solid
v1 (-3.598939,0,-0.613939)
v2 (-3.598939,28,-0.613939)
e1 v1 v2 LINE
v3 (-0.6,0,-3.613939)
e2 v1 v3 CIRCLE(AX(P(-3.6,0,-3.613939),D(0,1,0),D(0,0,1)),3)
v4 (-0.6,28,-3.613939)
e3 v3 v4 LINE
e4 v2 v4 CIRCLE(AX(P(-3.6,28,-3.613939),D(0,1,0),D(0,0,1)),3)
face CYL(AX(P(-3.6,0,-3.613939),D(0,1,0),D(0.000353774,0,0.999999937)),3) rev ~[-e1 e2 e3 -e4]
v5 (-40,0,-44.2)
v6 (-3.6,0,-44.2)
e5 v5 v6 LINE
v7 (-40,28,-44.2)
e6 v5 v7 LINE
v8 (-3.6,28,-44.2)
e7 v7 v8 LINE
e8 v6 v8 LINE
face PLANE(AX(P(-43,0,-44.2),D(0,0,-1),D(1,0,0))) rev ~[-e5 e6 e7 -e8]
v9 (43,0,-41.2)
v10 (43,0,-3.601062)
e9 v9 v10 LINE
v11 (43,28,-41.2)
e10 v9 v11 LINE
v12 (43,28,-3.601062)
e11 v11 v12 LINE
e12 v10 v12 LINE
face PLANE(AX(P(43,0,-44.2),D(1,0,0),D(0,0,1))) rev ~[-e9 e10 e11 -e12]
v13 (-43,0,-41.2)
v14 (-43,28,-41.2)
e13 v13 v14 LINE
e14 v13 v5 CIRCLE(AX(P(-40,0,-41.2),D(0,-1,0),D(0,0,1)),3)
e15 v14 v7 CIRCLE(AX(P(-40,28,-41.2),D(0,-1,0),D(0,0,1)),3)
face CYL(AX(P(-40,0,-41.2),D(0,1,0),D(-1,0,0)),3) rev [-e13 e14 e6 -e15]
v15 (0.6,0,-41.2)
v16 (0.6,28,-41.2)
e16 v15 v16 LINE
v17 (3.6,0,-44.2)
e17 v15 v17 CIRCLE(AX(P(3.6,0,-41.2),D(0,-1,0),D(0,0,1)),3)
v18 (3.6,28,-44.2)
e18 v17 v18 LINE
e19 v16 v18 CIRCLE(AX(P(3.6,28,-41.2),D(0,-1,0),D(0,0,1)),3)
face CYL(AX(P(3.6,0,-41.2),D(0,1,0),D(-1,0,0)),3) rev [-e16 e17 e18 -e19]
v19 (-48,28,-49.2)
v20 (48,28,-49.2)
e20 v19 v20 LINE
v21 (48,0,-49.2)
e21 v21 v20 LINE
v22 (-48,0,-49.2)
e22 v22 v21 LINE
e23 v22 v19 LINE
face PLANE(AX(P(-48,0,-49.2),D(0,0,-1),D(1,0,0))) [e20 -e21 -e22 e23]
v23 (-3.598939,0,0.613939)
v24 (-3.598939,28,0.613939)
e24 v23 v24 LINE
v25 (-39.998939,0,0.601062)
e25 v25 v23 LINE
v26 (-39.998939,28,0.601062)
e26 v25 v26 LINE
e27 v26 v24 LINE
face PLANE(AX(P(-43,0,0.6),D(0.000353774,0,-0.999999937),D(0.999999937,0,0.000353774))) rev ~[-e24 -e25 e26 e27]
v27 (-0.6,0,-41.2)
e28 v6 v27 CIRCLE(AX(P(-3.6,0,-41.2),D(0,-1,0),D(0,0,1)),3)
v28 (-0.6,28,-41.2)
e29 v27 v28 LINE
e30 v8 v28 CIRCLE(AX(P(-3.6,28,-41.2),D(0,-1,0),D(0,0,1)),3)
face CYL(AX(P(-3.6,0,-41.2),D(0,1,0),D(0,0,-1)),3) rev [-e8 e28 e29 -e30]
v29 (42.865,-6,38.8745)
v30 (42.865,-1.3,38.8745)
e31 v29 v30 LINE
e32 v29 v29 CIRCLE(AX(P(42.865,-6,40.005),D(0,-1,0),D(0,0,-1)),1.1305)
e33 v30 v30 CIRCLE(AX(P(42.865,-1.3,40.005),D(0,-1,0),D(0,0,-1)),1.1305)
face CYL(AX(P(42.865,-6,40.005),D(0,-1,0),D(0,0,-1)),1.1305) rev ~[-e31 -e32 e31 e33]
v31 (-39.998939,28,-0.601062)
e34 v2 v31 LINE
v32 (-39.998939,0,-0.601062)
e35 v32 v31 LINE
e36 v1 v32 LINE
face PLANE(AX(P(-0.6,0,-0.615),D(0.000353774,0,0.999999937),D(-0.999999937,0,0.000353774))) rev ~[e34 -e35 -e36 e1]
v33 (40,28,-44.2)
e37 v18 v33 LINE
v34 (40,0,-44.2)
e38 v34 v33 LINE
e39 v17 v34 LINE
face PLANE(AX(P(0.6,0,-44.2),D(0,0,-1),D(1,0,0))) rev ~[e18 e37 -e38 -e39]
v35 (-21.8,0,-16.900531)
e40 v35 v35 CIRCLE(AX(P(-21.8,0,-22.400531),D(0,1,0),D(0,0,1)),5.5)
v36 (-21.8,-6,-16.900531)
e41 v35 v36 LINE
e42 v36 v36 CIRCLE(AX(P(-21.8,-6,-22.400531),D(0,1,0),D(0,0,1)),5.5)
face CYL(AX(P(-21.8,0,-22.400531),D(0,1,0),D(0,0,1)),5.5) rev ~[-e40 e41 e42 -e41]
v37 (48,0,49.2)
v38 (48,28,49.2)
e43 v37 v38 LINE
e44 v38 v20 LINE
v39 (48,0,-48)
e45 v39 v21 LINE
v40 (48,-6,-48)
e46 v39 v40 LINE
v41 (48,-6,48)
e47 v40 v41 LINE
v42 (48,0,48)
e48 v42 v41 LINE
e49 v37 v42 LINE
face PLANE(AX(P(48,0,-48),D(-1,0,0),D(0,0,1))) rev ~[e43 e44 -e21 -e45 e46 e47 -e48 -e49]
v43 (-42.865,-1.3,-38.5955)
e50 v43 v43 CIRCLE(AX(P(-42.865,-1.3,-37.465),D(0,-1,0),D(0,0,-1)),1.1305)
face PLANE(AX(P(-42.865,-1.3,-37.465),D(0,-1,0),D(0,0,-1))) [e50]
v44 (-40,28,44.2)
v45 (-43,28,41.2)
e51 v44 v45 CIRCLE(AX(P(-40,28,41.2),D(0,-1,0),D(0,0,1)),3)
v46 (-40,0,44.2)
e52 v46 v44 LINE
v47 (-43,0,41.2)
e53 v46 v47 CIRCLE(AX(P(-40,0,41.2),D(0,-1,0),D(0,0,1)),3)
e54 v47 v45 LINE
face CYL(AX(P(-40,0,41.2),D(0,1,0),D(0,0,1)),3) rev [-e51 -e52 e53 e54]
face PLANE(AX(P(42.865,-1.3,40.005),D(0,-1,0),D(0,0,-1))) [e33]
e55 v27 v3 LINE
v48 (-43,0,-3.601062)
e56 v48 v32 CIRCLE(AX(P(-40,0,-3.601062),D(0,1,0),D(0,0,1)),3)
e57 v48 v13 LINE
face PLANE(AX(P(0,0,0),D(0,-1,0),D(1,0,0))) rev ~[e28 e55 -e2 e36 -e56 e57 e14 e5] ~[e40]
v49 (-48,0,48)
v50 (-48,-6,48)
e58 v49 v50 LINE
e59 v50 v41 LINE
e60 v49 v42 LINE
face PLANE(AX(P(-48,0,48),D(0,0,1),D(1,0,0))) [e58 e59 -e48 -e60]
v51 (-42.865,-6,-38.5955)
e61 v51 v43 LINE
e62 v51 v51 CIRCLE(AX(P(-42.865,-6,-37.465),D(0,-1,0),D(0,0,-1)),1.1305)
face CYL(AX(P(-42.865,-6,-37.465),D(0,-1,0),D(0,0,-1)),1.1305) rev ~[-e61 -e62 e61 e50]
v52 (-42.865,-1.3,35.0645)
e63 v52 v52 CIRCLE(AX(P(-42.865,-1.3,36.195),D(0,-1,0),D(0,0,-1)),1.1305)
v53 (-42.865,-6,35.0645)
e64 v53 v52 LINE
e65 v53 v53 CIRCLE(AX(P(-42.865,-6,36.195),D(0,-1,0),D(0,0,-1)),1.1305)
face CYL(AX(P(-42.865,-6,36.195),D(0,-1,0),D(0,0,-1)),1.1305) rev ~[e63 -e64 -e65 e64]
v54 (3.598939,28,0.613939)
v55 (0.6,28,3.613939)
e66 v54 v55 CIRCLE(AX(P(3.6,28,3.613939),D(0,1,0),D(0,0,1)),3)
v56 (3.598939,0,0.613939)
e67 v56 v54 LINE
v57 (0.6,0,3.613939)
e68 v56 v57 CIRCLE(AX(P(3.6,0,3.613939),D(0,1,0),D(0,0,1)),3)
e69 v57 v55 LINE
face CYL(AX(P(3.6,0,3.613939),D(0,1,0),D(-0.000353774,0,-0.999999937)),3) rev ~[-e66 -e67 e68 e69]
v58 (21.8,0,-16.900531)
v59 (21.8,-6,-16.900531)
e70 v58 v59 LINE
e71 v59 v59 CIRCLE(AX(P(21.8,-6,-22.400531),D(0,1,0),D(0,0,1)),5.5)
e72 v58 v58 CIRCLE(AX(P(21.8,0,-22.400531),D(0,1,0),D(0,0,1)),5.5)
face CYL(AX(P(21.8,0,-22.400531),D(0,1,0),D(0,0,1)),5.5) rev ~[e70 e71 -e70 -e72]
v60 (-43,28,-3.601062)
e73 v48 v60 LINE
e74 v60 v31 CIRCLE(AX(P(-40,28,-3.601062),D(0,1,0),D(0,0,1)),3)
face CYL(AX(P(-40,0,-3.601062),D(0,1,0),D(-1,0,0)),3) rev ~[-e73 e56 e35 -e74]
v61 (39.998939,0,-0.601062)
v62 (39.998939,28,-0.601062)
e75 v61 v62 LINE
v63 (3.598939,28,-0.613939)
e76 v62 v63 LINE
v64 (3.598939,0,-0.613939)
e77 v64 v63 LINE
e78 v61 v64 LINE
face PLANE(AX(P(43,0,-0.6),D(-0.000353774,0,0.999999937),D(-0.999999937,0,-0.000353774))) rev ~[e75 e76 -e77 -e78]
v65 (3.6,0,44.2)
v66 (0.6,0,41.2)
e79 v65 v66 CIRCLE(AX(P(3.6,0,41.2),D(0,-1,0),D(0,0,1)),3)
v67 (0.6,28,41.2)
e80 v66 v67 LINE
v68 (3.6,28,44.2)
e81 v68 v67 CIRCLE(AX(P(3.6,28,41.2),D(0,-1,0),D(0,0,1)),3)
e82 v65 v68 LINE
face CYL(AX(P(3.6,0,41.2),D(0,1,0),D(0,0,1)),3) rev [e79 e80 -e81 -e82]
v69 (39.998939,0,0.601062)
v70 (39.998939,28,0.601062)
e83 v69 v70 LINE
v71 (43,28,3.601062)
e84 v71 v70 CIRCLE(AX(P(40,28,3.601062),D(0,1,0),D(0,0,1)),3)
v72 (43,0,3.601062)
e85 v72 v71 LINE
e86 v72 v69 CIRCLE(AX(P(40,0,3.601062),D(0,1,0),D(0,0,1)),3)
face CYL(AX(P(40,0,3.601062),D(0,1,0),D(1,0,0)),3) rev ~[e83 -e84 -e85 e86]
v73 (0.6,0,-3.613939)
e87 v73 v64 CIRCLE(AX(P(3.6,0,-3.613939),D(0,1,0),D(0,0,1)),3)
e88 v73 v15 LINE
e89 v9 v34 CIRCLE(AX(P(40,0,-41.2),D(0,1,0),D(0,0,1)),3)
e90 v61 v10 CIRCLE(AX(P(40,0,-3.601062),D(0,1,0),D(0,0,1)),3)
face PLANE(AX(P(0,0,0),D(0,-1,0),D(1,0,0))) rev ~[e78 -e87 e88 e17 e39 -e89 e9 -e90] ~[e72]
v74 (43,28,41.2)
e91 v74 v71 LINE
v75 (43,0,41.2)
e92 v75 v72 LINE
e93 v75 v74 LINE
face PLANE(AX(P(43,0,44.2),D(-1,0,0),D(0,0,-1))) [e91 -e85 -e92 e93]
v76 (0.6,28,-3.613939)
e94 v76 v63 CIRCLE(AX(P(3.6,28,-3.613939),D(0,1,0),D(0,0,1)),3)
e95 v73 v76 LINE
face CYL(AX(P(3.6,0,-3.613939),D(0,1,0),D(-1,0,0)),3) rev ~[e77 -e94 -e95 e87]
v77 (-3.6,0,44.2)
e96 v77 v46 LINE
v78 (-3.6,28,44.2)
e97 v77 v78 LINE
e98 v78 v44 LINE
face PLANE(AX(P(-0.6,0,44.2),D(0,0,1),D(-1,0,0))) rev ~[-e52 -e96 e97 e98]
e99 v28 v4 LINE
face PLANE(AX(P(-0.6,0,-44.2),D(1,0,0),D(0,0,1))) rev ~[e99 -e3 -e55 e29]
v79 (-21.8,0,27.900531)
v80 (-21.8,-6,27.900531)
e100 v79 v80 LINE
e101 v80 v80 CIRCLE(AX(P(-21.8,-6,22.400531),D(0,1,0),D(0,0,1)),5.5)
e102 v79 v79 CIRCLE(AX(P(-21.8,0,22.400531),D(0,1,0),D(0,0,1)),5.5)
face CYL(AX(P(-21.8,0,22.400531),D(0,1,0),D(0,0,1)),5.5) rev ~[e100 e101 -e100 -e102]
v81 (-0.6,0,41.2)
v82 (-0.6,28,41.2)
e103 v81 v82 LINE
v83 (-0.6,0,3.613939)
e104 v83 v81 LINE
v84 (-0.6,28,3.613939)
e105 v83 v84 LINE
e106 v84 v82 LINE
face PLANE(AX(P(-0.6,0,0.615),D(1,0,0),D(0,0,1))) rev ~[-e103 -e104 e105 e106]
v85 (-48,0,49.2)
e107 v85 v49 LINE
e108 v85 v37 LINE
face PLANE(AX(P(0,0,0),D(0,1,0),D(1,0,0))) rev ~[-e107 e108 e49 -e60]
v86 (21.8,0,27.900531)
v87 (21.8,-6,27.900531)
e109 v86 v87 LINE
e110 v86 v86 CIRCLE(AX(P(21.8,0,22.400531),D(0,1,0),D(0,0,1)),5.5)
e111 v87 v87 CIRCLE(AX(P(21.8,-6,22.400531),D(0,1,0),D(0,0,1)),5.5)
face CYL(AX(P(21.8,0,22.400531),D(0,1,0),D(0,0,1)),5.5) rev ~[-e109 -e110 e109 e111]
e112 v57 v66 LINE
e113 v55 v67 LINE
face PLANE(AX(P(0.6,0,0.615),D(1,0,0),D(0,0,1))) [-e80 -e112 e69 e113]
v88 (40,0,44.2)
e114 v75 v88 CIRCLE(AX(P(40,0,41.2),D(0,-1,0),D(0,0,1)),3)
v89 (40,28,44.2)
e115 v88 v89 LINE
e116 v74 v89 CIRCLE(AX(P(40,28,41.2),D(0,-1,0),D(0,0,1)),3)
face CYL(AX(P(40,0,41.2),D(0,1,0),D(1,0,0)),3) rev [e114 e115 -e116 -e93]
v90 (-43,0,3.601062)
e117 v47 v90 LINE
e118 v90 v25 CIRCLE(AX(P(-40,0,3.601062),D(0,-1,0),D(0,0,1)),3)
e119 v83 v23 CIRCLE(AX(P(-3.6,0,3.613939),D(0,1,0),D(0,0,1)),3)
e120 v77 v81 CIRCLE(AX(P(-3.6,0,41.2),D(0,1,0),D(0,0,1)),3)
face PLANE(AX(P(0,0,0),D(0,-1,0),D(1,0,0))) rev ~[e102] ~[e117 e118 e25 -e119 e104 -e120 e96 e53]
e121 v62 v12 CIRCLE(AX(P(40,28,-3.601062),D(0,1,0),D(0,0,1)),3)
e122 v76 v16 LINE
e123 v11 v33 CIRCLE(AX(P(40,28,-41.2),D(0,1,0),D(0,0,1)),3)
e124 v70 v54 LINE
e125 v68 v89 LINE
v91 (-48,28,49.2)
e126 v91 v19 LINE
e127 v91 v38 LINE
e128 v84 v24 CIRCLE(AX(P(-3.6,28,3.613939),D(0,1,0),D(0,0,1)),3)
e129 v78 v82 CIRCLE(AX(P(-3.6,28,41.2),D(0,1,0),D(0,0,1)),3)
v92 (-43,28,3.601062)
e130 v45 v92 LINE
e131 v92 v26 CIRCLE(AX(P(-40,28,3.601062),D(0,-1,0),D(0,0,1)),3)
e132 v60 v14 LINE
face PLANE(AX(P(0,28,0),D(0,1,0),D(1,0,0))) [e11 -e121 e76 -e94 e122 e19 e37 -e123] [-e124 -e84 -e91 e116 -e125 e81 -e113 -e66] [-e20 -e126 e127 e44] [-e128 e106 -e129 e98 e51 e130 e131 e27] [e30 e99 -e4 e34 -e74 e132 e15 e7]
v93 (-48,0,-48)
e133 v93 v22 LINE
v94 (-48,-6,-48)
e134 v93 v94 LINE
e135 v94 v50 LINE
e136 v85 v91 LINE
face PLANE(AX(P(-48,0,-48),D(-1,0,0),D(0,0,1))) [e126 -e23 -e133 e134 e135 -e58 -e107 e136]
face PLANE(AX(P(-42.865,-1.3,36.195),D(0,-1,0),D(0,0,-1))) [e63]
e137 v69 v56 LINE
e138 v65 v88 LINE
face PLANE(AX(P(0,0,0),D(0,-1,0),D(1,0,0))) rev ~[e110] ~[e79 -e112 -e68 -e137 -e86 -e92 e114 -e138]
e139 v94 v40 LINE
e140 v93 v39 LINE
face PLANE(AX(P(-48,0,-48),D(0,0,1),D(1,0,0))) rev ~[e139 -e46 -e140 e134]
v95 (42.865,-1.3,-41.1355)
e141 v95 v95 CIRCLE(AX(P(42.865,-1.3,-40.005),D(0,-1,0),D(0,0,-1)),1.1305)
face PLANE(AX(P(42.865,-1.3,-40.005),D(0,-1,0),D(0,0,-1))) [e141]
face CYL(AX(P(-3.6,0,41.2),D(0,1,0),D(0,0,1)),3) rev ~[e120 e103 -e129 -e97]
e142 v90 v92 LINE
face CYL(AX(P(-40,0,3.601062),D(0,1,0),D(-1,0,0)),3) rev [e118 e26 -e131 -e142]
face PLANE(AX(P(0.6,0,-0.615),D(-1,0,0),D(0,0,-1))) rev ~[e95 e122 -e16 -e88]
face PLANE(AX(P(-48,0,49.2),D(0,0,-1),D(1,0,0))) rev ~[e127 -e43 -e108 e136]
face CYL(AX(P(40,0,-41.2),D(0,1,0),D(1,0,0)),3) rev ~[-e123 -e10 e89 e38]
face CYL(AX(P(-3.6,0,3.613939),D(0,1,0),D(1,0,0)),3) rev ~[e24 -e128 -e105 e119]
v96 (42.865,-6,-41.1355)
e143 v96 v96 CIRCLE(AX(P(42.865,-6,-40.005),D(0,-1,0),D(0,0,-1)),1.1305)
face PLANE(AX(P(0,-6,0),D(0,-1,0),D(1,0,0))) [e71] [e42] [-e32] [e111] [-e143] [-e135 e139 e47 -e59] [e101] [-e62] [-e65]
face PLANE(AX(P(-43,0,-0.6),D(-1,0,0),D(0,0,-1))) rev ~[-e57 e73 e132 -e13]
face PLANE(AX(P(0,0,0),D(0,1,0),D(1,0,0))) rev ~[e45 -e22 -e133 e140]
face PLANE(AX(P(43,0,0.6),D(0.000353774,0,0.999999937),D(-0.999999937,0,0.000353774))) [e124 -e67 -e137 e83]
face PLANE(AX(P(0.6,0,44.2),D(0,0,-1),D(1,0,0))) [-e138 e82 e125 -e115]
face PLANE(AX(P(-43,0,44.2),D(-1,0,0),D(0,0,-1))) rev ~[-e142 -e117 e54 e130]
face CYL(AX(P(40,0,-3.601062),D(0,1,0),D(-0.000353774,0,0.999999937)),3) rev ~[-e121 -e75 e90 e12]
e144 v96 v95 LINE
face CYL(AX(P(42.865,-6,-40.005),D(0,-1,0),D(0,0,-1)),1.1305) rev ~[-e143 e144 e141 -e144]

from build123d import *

# Parameters (mm, degrees)
SKETCH1_W           = 96
SKETCH1_H           = 98.4
BOSS_EXTRUDE1_DEPTH = 28
FILLET1_R           = 3
SKETCH2_W           = 96
SKETCH2_H           = 96
BOSS_EXTRUDE2_DEPTH = 6
SKETCH4_R           = 1.1305
CUT_EXTRUDE2_DEPTH  = 4.7
SKETCH6_R           = 5.5
CUT_EXTRUDE3_DEPTH  = 75.22021288


with BuildPart() as part:
    # Sketch1 → Boss-Extrude1 (new body)
    with BuildSketch(Plane(origin=(0, 0, 0), x_dir=(1, 0, 0), z_dir=(0, 1, 0))):
        Rectangle(SKETCH1_W, SKETCH1_H)
        Polygon((-43, -44.2), (-43, -0.6), (-0.6, -0.615), (-0.6, -44.2), align=None, mode=Mode.SUBTRACT)
        Polygon((-43, 44.2), (-0.6, 44.2), (-0.6, 0.615), (-43, 0.6), align=None, mode=Mode.SUBTRACT)
        Polygon((43, -44.2), (43, -0.6), (0.6, -0.615), (0.6, -44.2), align=None, mode=Mode.SUBTRACT)
        Polygon((0.6, 44.2), (43, 44.2), (43, 0.6), (0.6, 0.615), align=None, mode=Mode.SUBTRACT)
    extrude(amount=BOSS_EXTRUDE1_DEPTH)

    # Fillet1
    fillet1_edges = [part.edges().sort_by_distance(p)[0] for p in [
        (-43, 14, 44.2),
        (-0.6, 14, 44.2),
        (-0.6, 14, 0.615),
        (-43, 14, 0.6),
        (-43, 14, -44.2),
        (-43, 14, -0.6),
        (-0.6, 14, -0.615),
        (-0.6, 14, -44.2),
        (43, 14, -0.6),
        (43, 14, -44.2),
        (0.6, 14, -44.2),
        (0.6, 14, -0.615),
        (0.6, 14, 44.2),
        (43, 14, 44.2),
        (43, 14, 0.6),
        (0.6, 14, 0.615),
    ]]
    fillet(fillet1_edges, radius=FILLET1_R)

    # Sketch2 → Boss-Extrude2 (add)
    with BuildSketch(Plane.XZ):
        Rectangle(SKETCH2_W, SKETCH2_H)
    extrude(amount=BOSS_EXTRUDE2_DEPTH)

    # Sketch4 → Cut-Extrude2 (cut)
    with BuildSketch(Plane.XZ.offset(6)):
        with Locations(Location((42.865, -40.005, 0), (0, 0, 270))):
            Circle(SKETCH4_R)
        with Locations(Location((-42.865, -37.465, 0), (0, 0, 270))):
            Circle(SKETCH4_R)
        with Locations(Location((42.865, 40.005, 0), (0, 0, 270))):
            Circle(SKETCH4_R)
        with Locations(Location((-42.865, 36.195, 0), (0, 0, 270))):
            Circle(SKETCH4_R)
    extrude(amount=-CUT_EXTRUDE2_DEPTH, mode=Mode.SUBTRACT)

    # Sketch6 → Cut-Extrude3 (cut, through all)
    with BuildSketch(Plane(origin=(0, 0, 0), x_dir=(1, 0, 0), z_dir=(0, 1, 0))):
        with Locations(Location((-21.8, 22.400530754, 0), (0, 0, 270))):
            Circle(SKETCH6_R)
        with Locations(Location((21.8, 22.400530754, 0), (0, 0, 270))):
            Circle(SKETCH6_R)
        with Locations(Location((21.8, -22.400530754, 0), (0, 0, 270))):
            Circle(SKETCH6_R)
        with Locations(Location((-21.8, -22.400530754, 0), (0, 0, 270))):
            Circle(SKETCH6_R)
    extrude(amount=-CUT_EXTRUDE3_DEPTH, mode=Mode.SUBTRACT)


solid = part.part
